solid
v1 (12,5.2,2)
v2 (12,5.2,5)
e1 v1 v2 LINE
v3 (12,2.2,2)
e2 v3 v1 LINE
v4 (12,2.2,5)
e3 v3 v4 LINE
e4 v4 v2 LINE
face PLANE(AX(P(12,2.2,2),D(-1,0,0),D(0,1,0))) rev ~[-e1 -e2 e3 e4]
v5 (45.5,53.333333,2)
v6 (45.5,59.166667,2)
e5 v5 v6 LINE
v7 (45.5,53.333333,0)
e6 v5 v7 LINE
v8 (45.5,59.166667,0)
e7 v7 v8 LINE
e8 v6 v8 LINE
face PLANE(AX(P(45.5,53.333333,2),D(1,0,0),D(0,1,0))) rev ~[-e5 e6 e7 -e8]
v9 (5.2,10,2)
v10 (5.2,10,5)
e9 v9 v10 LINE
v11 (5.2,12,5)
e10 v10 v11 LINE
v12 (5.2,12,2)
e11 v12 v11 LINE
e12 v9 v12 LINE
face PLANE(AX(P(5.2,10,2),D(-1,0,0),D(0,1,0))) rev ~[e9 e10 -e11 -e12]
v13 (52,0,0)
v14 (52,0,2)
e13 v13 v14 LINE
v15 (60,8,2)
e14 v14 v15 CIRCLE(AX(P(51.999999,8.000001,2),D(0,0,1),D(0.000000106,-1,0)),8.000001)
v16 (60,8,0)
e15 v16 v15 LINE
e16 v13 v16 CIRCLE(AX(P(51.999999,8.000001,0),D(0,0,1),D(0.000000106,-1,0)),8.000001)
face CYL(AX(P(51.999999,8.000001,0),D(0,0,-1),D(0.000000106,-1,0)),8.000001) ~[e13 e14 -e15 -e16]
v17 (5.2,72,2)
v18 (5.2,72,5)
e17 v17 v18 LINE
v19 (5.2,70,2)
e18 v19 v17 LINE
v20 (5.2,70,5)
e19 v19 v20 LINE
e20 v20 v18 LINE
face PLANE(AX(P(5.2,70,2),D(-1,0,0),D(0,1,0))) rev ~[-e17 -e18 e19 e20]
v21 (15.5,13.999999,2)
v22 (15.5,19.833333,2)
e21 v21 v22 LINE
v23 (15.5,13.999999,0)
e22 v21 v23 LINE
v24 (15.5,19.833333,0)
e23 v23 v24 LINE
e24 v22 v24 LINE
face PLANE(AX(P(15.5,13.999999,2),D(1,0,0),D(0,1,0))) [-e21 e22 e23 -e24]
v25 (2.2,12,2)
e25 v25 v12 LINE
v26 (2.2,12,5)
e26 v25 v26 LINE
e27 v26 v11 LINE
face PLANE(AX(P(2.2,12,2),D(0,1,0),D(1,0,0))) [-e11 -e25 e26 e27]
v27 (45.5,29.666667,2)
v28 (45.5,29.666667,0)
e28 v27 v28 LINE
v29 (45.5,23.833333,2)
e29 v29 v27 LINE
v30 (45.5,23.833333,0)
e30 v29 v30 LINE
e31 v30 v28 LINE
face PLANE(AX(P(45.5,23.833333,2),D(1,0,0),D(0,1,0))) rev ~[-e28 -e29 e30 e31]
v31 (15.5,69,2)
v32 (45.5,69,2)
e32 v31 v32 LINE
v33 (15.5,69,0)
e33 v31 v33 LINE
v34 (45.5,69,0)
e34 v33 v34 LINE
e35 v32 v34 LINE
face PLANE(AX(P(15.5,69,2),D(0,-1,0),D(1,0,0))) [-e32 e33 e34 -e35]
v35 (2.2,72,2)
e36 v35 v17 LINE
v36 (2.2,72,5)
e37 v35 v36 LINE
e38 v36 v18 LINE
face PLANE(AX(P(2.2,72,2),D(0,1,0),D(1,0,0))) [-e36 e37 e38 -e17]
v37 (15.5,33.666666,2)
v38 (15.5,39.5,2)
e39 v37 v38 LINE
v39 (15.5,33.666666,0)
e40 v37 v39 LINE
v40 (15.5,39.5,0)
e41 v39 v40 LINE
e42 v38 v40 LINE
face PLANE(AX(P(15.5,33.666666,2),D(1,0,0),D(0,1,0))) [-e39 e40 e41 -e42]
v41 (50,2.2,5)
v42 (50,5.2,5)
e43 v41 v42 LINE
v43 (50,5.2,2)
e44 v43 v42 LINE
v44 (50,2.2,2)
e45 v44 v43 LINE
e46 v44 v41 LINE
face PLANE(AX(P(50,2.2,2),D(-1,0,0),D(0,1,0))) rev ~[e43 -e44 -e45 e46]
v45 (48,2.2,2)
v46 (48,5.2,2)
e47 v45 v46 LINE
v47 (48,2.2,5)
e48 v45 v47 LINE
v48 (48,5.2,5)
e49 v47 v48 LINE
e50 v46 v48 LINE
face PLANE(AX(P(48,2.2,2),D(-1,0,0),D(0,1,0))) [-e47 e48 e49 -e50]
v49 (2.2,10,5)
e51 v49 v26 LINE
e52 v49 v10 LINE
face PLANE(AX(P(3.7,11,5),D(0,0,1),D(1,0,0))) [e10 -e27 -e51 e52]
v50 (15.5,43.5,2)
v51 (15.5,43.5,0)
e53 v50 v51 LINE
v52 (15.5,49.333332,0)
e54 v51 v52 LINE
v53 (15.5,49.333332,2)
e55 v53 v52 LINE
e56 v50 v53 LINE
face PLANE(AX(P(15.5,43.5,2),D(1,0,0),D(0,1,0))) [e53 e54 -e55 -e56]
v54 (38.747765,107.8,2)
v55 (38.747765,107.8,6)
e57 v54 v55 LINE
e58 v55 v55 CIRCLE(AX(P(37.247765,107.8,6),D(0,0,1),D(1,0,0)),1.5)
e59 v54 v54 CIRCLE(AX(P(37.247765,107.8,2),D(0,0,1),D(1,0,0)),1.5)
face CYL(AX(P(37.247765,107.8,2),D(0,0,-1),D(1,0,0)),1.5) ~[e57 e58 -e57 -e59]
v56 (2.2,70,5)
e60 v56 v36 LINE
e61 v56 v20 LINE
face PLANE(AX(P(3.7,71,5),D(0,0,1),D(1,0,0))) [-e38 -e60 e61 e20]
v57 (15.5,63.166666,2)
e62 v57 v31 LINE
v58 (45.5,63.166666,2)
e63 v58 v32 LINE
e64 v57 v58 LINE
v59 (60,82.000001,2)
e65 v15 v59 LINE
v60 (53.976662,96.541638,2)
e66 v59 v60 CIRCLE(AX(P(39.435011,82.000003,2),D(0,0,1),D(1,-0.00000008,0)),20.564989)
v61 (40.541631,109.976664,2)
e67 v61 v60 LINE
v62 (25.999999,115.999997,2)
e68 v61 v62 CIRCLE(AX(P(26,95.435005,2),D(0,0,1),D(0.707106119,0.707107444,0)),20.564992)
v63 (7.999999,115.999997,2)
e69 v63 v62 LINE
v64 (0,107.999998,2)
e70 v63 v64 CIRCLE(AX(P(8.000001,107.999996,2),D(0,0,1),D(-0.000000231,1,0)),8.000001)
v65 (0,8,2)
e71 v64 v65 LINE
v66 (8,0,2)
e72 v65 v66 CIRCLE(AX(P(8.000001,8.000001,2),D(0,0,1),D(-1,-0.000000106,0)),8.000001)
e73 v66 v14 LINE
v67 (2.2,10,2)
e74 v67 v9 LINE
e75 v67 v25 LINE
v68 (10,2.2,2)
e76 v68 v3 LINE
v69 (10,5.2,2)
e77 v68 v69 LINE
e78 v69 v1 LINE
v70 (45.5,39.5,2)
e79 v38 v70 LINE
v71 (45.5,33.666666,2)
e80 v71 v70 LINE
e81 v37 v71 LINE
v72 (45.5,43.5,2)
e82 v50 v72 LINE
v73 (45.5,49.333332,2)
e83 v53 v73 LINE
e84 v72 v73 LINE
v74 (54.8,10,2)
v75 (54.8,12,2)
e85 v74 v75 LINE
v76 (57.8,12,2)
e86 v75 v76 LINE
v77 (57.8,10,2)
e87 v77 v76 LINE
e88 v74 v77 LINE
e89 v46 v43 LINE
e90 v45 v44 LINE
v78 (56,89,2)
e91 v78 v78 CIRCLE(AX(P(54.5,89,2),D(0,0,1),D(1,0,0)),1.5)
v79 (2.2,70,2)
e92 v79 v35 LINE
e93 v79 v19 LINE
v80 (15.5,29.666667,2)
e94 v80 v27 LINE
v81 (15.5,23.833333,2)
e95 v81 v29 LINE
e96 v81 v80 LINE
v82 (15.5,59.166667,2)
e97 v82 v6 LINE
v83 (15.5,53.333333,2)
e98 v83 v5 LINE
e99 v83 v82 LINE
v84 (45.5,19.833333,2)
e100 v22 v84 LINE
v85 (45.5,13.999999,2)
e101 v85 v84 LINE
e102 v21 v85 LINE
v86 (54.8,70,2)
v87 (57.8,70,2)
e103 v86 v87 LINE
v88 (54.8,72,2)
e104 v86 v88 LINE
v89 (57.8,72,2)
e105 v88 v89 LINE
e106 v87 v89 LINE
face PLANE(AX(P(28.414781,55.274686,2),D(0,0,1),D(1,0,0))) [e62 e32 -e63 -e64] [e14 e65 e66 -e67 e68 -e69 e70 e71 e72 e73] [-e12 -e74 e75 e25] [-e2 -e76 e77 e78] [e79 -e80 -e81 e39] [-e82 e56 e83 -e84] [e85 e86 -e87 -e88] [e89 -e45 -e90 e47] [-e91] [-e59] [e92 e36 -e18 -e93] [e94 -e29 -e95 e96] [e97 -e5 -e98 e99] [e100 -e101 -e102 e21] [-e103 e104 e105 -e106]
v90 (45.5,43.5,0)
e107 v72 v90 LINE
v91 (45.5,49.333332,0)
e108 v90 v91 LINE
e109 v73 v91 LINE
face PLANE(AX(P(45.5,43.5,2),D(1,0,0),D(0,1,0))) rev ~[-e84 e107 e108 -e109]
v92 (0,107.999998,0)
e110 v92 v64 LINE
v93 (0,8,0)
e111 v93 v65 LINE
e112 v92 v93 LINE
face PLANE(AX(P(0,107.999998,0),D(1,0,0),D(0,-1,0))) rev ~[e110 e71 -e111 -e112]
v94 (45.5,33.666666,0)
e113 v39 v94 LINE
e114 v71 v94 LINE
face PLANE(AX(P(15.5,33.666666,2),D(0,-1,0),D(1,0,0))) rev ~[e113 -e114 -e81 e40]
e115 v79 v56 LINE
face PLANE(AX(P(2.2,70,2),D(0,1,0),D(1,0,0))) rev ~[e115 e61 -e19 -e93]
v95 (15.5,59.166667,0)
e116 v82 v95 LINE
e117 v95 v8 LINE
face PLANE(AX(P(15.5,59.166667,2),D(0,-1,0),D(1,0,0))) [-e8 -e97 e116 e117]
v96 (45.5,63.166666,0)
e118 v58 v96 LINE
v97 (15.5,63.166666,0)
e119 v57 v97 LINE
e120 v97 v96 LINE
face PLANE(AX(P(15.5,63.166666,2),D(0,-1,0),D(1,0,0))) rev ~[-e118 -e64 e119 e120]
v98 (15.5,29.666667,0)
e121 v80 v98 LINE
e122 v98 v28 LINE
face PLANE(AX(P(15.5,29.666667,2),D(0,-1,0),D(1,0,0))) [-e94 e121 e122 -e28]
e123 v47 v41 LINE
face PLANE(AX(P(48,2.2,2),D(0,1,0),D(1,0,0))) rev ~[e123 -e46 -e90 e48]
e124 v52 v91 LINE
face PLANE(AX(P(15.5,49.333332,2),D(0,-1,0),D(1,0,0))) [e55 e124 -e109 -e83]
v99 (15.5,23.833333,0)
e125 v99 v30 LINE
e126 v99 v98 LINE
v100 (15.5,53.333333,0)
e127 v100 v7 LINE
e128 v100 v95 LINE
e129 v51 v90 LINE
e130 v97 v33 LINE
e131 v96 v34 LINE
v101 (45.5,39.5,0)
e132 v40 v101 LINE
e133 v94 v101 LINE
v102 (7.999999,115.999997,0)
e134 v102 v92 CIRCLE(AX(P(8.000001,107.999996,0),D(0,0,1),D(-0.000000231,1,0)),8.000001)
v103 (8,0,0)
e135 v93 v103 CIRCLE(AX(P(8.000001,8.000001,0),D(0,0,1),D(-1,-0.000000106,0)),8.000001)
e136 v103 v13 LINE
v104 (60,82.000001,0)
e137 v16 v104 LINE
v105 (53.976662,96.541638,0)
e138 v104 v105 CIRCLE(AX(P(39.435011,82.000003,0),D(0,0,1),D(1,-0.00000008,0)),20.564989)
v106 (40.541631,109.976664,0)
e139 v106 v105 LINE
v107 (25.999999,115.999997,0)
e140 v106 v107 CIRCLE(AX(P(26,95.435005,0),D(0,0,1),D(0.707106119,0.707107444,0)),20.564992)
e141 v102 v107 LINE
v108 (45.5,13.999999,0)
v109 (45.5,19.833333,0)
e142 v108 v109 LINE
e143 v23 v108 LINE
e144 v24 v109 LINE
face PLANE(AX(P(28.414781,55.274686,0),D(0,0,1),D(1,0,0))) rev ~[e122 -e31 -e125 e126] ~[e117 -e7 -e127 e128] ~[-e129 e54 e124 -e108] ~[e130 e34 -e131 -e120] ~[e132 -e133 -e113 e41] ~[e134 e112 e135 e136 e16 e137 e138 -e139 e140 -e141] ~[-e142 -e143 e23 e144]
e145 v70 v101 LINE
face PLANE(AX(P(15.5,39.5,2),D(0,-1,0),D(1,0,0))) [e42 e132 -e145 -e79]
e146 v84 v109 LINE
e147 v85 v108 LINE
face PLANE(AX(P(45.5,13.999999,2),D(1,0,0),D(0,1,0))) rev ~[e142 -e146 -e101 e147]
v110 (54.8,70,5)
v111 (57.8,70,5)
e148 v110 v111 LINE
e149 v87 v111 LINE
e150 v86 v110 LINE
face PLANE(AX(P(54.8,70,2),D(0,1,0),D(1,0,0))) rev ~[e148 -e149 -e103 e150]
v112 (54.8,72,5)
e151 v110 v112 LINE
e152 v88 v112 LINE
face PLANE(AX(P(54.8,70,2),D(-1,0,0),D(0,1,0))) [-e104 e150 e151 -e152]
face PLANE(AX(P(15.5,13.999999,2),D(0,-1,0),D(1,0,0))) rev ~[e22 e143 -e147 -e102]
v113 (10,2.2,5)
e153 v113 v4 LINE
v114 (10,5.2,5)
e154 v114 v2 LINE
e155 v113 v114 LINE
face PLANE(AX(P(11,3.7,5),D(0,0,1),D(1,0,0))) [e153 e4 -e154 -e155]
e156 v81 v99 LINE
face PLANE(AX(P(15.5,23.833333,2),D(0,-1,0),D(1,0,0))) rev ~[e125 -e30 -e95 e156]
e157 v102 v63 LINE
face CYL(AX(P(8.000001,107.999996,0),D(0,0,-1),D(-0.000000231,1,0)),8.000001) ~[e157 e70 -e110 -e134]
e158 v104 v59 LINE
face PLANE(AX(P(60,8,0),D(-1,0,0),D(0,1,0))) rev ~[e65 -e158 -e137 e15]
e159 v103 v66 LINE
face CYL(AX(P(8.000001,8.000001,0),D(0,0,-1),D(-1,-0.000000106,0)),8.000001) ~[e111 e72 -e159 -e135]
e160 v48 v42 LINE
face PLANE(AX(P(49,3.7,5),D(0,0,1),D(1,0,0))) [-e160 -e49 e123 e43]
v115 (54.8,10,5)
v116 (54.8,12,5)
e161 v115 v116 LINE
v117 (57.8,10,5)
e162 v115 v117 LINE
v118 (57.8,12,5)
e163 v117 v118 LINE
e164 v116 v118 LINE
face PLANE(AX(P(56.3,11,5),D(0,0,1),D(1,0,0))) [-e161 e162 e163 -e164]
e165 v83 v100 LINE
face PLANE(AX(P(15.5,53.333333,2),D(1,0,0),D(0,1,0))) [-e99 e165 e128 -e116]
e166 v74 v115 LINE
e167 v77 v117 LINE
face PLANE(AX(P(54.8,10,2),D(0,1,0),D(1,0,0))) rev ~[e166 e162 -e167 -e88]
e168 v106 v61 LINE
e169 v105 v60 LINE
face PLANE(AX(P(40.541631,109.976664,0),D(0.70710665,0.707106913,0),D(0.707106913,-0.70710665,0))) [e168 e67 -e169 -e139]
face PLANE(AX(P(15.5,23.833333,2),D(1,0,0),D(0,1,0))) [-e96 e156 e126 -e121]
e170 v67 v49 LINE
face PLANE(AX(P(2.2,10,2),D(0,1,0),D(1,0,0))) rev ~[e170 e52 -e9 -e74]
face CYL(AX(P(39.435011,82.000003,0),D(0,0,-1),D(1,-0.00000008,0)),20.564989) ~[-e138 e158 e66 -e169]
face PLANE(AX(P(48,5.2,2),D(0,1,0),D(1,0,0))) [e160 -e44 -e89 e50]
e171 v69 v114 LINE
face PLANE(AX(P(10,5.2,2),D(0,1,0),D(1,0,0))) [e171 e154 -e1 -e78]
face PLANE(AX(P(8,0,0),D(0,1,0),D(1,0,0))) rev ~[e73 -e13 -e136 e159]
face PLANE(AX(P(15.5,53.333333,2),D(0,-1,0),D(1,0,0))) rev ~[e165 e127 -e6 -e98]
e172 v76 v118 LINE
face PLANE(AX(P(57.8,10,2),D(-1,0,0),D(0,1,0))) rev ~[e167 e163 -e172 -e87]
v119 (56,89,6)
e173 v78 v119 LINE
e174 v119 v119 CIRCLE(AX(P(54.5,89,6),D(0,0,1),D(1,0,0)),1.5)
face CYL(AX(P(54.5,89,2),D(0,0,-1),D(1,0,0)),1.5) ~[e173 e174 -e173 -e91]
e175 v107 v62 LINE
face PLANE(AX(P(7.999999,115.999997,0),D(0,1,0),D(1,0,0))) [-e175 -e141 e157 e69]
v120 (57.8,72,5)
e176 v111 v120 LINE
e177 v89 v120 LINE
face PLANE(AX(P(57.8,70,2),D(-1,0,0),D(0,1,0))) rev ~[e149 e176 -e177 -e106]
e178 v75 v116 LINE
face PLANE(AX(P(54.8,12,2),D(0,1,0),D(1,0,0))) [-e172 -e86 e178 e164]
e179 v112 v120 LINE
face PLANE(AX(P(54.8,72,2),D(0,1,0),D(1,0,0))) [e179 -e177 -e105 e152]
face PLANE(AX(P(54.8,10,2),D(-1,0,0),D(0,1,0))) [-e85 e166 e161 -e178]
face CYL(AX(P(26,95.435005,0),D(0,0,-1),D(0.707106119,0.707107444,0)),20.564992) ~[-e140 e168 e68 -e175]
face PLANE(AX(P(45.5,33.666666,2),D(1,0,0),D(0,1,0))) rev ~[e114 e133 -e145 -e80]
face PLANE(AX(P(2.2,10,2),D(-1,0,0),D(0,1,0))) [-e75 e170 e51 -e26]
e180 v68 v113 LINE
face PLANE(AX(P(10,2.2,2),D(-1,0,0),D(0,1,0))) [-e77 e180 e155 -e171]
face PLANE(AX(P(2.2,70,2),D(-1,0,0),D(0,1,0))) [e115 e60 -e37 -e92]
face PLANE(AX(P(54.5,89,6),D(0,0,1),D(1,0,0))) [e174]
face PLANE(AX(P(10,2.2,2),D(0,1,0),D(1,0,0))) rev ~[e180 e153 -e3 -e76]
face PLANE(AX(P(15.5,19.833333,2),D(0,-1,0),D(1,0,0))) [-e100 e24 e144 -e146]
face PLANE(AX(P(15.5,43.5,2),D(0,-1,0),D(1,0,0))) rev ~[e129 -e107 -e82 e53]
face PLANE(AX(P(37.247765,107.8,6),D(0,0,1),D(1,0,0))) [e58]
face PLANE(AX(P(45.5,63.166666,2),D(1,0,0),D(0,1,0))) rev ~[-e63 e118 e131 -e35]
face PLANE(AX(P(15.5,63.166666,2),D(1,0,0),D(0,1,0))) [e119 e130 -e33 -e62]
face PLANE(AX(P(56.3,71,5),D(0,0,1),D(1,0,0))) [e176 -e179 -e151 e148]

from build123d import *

# Parameters (mm, degrees)
PAD_DEPTH     = 2
SKETCH002_W   = 2
SKETCH002_H   = 3
SKETCH002_W_2 = 3
SKETCH002_H_2 = 2
PAD001_DEPTH  = 3
SKETCH003_W   = 30
SKETCH003_H   = 5.833333
SKETCH003_H_2 = 5.833334
POCKET_DEPTH  = 5
SKETCH004_R   = 1.5
PAD002_DEPTH  = 4


with BuildPart() as part:
    # Sketch → Pad (new body)
    with BuildSketch(Plane.XY):
        with BuildLine():
            Line((60, 8), (60, 82.000001))
            ThreePointArc((60, 82.000001), (58.434586, 89.869877), (53.976662, 96.541638))
            Line((40.541631, 109.976664), (53.976662, 96.541638))
            ThreePointArc((40.541631, 109.976664), (33.869872, 114.434584), (25.999999, 115.999997))
            Line((7.999999, 115.999997), (25.999999, 115.999997))
            ThreePointArc((7.999999, 115.999997), (2.343146, 113.656851), (0, 107.999998))
            Line((0, 107.999998), (0, 8))
            ThreePointArc((0, 8), (2.343146, 2.343146), (8, 0))
            Line((8, 0), (52, 0))
            ThreePointArc((52, 0), (57.656854, 2.343146), (60, 8))
        make_face()
    extrude(amount=PAD_DEPTH)

    # Sketch002 → Pad001 (new body)
    with BuildSketch(Plane.XY.offset(2)):
        with Locations((11, 3.7)):
            Rectangle(SKETCH002_W, SKETCH002_H)
        with Locations((3.7, 11)):
            Rectangle(SKETCH002_W_2, SKETCH002_H_2)
        with Locations((49, 3.7)):
            Rectangle(SKETCH002_W, SKETCH002_H)
        with Locations((56.3, 11)):
            Rectangle(SKETCH002_W_2, SKETCH002_H_2)
        with Locations((56.3, 71)):
            Rectangle(SKETCH002_W_2, SKETCH002_H_2)
        with Locations((3.7, 71)):
            Rectangle(SKETCH002_W_2, SKETCH002_H_2)
    extrude(amount=PAD001_DEPTH)

    # Sketch003 → Pocket (cut)
    with BuildSketch(Plane.XY.offset(2)):
        with Locations((30.5, 66.083333)):
            Rectangle(SKETCH003_W, SKETCH003_H)
        with Locations((30.5, 56.25)):
            Rectangle(SKETCH003_W, SKETCH003_H_2)
        with Locations((30.5, 46.416666)):
            Rectangle(SKETCH003_W, SKETCH003_H)
        with Locations((30.5, 36.583333)):
            Rectangle(SKETCH003_W, SKETCH003_H)
        with Locations((30.5, 26.75)):
            Rectangle(SKETCH003_W, SKETCH003_H_2)
        with Locations((30.5, 16.916666)):
            Rectangle(SKETCH003_W, SKETCH003_H)
    extrude(amount=-POCKET_DEPTH, mode=Mode.SUBTRACT)

    # Sketch004 → Pad002 (new body)
    with BuildSketch(Plane.XY.offset(2)):
        with Locations((37.247765, 107.8)):
            Circle(SKETCH004_R)
        with Locations((54.5, 89)):
            Circle(SKETCH004_R)
    extrude(amount=PAD002_DEPTH)


solid = part.part
